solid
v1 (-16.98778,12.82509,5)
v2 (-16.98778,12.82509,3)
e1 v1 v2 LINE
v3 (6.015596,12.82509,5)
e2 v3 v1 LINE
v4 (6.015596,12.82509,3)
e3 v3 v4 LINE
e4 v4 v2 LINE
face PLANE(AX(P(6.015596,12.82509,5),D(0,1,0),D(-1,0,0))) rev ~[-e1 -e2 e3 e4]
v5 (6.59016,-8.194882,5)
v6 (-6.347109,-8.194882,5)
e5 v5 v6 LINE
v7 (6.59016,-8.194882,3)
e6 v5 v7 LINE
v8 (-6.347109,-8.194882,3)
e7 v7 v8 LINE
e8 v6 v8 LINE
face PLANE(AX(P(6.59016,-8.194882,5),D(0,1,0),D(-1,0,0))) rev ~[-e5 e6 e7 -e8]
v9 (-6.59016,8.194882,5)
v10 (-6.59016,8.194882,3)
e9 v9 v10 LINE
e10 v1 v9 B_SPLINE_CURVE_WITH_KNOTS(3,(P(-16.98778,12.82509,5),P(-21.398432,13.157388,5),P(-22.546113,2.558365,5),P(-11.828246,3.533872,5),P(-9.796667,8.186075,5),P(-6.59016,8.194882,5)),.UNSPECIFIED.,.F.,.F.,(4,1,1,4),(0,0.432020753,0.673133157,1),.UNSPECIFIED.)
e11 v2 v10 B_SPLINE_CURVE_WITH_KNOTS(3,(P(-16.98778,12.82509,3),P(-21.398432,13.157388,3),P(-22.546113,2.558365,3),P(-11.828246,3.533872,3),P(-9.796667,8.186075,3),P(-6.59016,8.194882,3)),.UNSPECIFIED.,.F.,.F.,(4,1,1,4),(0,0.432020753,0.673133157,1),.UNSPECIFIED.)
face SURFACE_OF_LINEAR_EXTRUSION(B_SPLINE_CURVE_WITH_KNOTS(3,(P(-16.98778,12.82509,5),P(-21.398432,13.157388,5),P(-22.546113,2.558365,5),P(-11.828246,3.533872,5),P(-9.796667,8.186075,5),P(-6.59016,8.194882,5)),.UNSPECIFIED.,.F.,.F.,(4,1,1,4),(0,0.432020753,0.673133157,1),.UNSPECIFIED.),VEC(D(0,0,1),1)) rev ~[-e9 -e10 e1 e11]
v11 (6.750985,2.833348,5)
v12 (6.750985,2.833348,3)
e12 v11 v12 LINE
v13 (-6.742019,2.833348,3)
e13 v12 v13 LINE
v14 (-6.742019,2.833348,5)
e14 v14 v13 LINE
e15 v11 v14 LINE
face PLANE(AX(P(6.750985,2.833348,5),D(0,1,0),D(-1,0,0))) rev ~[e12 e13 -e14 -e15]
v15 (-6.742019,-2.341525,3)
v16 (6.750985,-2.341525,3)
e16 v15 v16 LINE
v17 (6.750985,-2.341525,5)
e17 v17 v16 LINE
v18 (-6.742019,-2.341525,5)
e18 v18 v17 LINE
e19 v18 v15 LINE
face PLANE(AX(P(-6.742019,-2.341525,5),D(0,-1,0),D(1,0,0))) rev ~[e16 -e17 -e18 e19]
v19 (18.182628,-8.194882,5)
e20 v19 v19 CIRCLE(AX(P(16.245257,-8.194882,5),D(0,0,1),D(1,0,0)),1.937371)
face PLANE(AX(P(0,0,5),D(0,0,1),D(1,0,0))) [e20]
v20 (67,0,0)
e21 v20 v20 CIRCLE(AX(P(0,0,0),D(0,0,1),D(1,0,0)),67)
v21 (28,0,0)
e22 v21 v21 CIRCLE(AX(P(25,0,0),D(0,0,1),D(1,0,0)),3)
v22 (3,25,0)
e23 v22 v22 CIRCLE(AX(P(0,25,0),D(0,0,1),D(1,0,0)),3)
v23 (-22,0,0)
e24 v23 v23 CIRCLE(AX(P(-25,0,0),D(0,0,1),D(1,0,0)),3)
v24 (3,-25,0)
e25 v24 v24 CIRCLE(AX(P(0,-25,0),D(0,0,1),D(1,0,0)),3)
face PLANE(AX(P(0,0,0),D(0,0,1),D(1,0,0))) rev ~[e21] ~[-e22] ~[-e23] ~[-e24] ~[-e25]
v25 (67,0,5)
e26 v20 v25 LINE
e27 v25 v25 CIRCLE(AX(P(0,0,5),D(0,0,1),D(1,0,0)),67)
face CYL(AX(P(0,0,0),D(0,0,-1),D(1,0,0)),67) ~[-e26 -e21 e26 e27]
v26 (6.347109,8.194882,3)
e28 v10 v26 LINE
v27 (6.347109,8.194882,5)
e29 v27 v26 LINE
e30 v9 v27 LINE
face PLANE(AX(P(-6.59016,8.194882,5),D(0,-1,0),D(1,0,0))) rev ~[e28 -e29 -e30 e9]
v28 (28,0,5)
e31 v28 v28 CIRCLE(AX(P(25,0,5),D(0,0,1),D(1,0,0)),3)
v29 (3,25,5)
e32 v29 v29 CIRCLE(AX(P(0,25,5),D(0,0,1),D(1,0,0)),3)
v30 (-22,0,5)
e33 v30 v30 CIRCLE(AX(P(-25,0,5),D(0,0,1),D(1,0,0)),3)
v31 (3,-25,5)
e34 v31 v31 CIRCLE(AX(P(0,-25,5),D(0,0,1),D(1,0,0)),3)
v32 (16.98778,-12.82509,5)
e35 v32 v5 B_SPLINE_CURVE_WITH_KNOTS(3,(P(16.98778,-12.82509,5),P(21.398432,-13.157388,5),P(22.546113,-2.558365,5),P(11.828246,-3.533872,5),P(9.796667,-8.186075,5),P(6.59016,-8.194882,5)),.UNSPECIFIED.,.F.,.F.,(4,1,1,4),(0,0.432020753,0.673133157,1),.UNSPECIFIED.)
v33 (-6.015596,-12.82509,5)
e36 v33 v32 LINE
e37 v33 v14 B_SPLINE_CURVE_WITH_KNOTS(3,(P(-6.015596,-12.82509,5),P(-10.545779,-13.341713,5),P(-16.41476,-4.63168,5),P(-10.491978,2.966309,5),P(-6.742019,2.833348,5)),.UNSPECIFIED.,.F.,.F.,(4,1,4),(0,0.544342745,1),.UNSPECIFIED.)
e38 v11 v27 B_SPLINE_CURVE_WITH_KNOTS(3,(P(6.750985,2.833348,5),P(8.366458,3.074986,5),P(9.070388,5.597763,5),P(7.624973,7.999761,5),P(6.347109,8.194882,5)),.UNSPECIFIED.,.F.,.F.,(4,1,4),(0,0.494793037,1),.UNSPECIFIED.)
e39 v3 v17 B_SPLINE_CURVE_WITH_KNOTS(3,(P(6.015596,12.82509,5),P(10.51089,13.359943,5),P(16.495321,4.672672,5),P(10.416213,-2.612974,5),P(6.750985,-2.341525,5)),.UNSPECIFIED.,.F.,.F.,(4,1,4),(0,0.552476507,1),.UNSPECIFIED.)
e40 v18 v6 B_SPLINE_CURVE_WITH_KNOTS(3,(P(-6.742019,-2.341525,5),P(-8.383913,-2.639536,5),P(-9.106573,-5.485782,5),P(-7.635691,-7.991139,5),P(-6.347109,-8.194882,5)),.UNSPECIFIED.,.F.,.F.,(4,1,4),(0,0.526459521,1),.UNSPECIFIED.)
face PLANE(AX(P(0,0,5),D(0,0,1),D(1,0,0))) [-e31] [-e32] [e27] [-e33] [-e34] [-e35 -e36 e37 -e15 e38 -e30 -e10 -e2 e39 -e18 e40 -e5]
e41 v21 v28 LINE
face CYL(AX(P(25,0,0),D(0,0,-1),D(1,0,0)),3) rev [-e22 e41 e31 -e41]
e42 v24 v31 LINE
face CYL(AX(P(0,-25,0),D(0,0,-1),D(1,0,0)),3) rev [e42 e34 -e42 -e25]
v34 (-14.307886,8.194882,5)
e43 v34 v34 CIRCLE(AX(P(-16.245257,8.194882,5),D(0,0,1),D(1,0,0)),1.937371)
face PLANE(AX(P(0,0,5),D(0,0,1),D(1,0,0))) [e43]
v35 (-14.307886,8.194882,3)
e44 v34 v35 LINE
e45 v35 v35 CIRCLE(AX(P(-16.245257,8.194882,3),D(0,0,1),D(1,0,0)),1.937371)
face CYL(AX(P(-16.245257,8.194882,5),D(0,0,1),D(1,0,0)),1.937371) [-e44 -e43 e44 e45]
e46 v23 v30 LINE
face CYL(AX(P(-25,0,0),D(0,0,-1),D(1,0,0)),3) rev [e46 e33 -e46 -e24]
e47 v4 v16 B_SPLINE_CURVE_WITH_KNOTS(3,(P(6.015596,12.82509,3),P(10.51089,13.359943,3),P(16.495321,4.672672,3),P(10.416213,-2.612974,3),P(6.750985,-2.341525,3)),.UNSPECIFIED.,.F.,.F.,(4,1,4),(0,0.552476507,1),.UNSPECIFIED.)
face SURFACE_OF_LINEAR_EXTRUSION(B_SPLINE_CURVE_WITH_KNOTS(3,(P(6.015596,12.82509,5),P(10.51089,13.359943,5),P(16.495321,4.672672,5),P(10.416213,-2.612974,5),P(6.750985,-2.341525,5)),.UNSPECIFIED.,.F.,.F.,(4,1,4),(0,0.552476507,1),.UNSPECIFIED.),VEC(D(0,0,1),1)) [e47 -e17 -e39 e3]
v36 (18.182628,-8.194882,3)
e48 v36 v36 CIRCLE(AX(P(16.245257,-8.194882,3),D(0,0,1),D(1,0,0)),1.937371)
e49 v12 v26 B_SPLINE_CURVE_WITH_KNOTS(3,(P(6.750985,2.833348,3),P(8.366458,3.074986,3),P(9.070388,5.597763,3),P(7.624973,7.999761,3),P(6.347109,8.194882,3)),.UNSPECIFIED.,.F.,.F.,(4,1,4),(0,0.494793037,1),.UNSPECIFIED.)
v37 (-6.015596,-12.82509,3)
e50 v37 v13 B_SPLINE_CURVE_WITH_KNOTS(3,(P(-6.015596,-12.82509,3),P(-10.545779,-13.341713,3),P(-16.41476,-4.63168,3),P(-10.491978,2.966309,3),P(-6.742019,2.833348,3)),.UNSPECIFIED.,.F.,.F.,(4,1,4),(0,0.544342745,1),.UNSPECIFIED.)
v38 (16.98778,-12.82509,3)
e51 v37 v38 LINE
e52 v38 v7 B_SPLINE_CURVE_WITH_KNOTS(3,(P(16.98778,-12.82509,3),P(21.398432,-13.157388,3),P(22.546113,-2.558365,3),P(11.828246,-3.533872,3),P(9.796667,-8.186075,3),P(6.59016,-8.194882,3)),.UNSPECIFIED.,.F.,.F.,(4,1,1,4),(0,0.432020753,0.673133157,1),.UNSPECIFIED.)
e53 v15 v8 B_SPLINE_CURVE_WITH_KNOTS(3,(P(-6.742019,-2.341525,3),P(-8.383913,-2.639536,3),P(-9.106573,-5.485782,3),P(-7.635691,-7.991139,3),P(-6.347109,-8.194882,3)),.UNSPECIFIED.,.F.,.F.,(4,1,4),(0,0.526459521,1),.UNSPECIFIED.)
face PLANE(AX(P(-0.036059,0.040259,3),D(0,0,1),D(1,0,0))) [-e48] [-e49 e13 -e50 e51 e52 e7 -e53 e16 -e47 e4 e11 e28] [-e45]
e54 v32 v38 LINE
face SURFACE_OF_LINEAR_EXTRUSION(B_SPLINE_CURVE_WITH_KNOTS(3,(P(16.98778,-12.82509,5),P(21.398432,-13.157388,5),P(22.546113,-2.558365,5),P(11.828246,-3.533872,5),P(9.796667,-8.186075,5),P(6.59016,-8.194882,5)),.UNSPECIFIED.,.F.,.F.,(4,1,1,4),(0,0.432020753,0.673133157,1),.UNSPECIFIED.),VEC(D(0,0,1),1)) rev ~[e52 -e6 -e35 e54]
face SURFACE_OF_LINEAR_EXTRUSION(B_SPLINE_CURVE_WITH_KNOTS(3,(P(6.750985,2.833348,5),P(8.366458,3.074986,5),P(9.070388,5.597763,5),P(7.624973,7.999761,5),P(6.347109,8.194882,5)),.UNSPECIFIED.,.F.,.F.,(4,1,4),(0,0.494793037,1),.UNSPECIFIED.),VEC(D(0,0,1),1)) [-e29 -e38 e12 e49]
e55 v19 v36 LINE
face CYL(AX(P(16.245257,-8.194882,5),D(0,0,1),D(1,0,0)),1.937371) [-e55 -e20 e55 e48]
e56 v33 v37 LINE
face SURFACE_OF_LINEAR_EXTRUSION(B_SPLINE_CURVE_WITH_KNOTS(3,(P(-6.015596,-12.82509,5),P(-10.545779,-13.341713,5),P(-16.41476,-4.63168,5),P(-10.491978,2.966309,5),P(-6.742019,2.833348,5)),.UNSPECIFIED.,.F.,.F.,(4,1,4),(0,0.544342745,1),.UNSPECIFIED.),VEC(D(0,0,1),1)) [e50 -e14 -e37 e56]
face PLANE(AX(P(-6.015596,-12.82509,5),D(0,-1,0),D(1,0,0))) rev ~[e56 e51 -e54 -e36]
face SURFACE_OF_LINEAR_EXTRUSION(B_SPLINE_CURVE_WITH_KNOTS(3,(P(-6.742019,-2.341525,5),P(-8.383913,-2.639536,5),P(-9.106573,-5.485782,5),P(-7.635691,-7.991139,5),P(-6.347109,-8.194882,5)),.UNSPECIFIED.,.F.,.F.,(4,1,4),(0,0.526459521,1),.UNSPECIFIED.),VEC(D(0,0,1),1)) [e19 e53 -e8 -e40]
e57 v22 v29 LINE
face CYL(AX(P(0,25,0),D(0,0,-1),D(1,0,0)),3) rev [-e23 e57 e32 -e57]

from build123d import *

# Parameters (mm, degrees)
SZKIC1_R                    = 67
SZKIC1_R_2                  = 3
DODANIE_WYCI_GNI_CIE1_DEPTH = 5
SZKIC2_R                    = 1.937371164
WYTNIJ_WYCI_GNI_CIE1_DEPTH  = 2


with BuildPart() as part:
    # Szkic1 → Dodanie-wyciągnięcie1 (new body)
    with BuildSketch(Plane.XY):
        Circle(SZKIC1_R)
        with Locations((0, 25)):
            Circle(SZKIC1_R_2, mode=Mode.SUBTRACT)
        with Locations((25, 0)):
            Circle(SZKIC1_R_2, mode=Mode.SUBTRACT)
        with Locations((0, -25)):
            Circle(SZKIC1_R_2, mode=Mode.SUBTRACT)
        with Locations((-25, 0)):
            Circle(SZKIC1_R_2, mode=Mode.SUBTRACT)
    extrude(amount=DODANIE_WYCI_GNI_CIE1_DEPTH)

    # Szkic2 → Wytnij-wyciągnięcie1 (cut)
    with BuildSketch(Plane.XY.offset(5)):
        with BuildLine():
            Line((6.015596419, 12.825090242), (-16.98777971, 12.825090242))
            add(Edge.make_bspline(
                [(-16.98777971, 12.825090242), (-21.398431669, 13.157388334), (-22.546113217, 2.558365481), (-11.828245601, 3.533872092), (-9.796666854, 8.186074774), (-6.590160082, 8.194882462)],
                knots=[0, 0, 0, 0, 0.432020753, 0.673133157, 1, 1, 1, 1], degree=3))
            Line((-6.590160082, 8.194882462), (6.347109239, 8.194882462))
            add(Edge.make_bspline(
                [(6.750985333, 2.833348247), (8.366457692, 3.074986228), (9.070388327, 5.597763216), (7.624972799, 7.999760841), (6.347109239, 8.194882462)],
                knots=[0, 0, 0, 0, 0.494793037, 1, 1, 1, 1], degree=3))
            Line((6.750985333, 2.833348247), (-6.742018824, 2.833348247))
            add(Edge.make_bspline(
                [(-6.015596419, -12.825090242), (-10.545778612, -13.3417132), (-16.414760064, -4.631679813), (-10.491978135, 2.966309296), (-6.742018824, 2.833348247)],
                knots=[0, 0, 0, 0, 0.544342745, 1, 1, 1, 1], degree=3))
            Line((-6.015596419, -12.825090242), (16.98777971, -12.825090242))
            add(Edge.make_bspline(
                [(16.98777971, -12.825090242), (21.398431669, -13.157388334), (22.546113217, -2.558365481), (11.828245601, -3.533872092), (9.796666854, -8.186074774), (6.590160082, -8.194882462)],
                knots=[0, 0, 0, 0, 0.432020753, 0.673133157, 1, 1, 1, 1], degree=3))
            Line((6.590160082, -8.194882462), (-6.347109239, -8.194882462))
            add(Edge.make_bspline(
                [(-6.742018824, -2.341525215), (-8.383912674, -2.639536282), (-9.106573397, -5.485782084), (-7.635691285, -7.991138773), (-6.347109239, -8.194882462)],
                knots=[0, 0, 0, 0, 0.526459521, 1, 1, 1, 1], degree=3))
            Line((-6.742018824, -2.341525215), (6.750985333, -2.341525215))
            add(Edge.make_bspline(
                [(6.015596419, 12.825090242), (10.510890039, 13.359942568), (16.495321184, 4.672671746), (10.416213029, -2.612973757), (6.750985333, -2.341525215)],
                knots=[0, 0, 0, 0, 0.552476507, 1, 1, 1, 1], degree=3))
        make_face()
        with Locations((-16.245257119, 8.194882462)):
            Circle(SZKIC2_R, mode=Mode.SUBTRACT)
        with Locations((16.245257119, -8.194882462)):
            Circle(SZKIC2_R, mode=Mode.SUBTRACT)
    extrude(amount=-WYTNIJ_WYCI_GNI_CIE1_DEPTH, mode=Mode.SUBTRACT)


solid = part.part
